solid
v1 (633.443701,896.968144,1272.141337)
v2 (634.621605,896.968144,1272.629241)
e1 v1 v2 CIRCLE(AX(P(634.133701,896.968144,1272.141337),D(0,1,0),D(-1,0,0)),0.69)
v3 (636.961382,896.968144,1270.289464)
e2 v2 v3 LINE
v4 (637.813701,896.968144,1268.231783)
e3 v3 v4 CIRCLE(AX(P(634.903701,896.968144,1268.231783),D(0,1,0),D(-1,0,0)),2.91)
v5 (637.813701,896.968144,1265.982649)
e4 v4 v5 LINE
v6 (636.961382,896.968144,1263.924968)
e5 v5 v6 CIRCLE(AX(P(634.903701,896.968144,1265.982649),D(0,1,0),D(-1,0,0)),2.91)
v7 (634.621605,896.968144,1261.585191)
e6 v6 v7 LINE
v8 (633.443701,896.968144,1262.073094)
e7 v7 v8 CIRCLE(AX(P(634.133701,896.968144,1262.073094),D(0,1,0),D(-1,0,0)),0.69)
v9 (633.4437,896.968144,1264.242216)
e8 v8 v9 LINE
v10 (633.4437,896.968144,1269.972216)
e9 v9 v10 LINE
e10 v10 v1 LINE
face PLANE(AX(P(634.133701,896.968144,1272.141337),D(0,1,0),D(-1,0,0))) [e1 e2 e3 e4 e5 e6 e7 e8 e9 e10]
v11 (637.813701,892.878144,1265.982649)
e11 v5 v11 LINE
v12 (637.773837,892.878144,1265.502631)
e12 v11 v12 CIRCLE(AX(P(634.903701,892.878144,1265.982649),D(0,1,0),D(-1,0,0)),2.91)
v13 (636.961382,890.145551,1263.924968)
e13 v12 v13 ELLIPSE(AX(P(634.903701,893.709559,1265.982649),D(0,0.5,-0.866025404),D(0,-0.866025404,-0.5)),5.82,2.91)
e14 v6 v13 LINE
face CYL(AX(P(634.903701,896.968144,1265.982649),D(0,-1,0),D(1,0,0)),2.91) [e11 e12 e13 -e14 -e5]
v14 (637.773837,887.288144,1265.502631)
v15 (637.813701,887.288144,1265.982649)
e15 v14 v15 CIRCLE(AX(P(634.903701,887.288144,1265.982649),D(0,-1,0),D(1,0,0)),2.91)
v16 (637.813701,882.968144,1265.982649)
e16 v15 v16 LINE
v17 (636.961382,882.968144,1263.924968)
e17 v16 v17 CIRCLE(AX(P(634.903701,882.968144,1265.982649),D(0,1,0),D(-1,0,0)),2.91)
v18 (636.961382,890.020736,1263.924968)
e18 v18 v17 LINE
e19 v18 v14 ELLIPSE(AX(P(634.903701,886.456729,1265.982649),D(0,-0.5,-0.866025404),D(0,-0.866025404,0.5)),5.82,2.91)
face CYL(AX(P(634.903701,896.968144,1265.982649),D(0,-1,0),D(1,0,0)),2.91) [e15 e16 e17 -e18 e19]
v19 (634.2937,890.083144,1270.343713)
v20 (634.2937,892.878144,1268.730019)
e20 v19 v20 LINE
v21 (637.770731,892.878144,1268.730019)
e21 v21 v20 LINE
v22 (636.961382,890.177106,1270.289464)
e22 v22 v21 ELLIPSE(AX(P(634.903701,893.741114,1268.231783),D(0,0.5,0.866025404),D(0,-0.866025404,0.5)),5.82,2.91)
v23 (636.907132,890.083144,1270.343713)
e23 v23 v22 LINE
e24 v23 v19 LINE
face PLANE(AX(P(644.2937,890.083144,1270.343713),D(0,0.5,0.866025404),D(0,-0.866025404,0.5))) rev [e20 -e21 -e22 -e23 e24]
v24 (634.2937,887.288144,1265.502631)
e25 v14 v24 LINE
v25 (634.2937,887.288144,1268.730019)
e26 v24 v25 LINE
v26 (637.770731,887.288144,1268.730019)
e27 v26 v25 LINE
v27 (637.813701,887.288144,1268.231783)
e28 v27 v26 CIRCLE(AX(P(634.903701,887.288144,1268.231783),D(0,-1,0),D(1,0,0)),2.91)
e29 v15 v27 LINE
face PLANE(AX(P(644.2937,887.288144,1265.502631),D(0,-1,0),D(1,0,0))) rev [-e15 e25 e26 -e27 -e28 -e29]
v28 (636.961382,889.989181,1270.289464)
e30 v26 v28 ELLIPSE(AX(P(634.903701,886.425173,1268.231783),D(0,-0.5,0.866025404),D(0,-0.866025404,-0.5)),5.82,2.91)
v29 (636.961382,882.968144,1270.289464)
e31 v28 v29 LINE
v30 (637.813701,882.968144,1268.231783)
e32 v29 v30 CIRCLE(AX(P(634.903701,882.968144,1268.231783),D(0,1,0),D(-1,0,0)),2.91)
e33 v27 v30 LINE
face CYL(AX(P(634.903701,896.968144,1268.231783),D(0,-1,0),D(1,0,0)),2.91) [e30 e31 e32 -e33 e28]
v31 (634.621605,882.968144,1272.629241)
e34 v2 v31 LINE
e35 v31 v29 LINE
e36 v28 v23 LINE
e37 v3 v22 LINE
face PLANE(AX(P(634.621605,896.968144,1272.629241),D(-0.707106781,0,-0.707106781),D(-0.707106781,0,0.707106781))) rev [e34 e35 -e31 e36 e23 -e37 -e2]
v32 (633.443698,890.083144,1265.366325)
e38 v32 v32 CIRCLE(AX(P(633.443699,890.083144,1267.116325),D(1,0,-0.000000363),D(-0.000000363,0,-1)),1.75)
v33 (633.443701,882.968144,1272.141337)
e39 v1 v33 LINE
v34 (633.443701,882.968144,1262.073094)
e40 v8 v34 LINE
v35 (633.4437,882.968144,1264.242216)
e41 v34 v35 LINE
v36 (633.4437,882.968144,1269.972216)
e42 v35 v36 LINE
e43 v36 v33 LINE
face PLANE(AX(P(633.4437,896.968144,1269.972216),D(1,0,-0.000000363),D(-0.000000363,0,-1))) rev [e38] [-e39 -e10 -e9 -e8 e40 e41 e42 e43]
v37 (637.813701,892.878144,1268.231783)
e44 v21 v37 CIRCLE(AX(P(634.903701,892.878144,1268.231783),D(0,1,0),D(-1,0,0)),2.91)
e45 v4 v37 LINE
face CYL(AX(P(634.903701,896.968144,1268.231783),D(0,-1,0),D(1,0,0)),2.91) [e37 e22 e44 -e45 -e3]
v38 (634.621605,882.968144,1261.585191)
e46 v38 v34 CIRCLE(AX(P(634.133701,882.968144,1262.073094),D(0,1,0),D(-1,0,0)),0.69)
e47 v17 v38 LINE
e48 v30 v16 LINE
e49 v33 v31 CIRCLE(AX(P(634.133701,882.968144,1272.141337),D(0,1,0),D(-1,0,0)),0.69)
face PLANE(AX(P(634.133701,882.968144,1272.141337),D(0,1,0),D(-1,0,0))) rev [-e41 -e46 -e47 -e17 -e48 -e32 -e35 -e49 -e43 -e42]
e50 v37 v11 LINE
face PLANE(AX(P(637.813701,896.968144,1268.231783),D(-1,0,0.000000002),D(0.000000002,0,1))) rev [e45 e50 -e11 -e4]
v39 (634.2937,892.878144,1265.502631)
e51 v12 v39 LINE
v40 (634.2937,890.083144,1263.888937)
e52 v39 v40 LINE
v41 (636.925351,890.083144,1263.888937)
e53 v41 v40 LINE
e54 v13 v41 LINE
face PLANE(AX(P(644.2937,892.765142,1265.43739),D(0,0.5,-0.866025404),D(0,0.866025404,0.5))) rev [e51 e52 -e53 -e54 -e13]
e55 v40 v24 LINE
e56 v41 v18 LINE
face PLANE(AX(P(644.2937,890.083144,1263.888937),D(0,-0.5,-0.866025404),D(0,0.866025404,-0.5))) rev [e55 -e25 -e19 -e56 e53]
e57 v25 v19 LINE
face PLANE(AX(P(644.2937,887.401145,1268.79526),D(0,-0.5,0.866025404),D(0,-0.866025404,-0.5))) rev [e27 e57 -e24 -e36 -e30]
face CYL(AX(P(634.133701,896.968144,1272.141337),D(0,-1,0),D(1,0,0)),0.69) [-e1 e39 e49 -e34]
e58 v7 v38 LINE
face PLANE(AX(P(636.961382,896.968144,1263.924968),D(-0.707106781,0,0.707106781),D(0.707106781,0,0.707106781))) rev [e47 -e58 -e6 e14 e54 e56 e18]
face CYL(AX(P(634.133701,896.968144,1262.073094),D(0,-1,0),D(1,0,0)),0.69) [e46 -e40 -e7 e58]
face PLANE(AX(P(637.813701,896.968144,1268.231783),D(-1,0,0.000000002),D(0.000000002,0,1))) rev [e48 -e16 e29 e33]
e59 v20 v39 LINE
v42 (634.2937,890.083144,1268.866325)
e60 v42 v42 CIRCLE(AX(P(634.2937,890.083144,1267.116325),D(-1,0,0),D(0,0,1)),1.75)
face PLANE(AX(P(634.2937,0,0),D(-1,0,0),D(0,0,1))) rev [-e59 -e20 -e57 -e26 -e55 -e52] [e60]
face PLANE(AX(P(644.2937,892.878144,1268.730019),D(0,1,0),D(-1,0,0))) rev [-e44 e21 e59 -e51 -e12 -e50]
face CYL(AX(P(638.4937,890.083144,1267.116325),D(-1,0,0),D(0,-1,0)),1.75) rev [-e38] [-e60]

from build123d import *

# Parameters (mm, degrees)
BOSS_EXTRUDE1_START = 2.6
BOSS_EXTRUDE1_DEPTH = 7
CUT_EXTRUDE1_START  = -0.8
CUT_EXTRUDE1_DEPTH  = 10
SKETCH3_R           = 1.75
CUT_EXTRUDE2_DEPTH  = 5


with BuildPart() as part:
    # Sketch1 → Boss-Extrude1 (new, symmetric)
    with BuildSketch(Plane(origin=(0, 887.368143731, 0), x_dir=(1, 0, 0), z_dir=(0, 1, 0)).offset(BOSS_EXTRUDE1_START)):
        with BuildLine():
            Line((633.443700104, -1269.972215541), (633.443700891, -1272.141337124))
            ThreePointArc((633.443700891, -1272.141337124), (633.869649439, -1272.778813799), (634.62160457, -1272.629240553))
            Line((634.62160457, -1272.629240553), (636.9613816, -1270.289463523))
            ThreePointArc((636.9613816, -1270.289463523), (637.592190307, -1269.345391575), (637.813700867, -1268.231782784))
            Line((637.813700867, -1268.231782784), (637.813700862, -1265.982648565))
            ThreePointArc((637.813700862, -1265.982648565), (637.5921903, -1264.86903978), (636.961381595, -1263.924967838))
            Line((636.961381595, -1263.924967838), (634.621604564, -1261.585190807))
            ThreePointArc((634.621604564, -1261.585190807), (633.869649432, -1261.435617561), (633.443700885, -1262.073094238))
            Line((633.443700885, -1262.073094238), (633.443700104, -1264.242215823))
            Line((633.443700104, -1264.242215823), (633.443700104, -1269.972215541))
        make_face()
    extrude(amount=BOSS_EXTRUDE1_DEPTH, both=True)

    # Sketch2 → Cut-Extrude1 (cut)
    with BuildSketch(Plane.ZY.offset(-633.493700104).offset(CUT_EXTRUDE1_START)):
        Polygon((1268.73001891, 887.288143731), (1268.795260282, 887.4011451), (1270.343712913, 890.083143731), (1268.73001891, 892.878143731), (1265.502630906, 892.878143731), (1265.437389534, 892.765142361), (1263.888936903, 890.083143731), (1265.502630906, 887.288143731), align=None)
    extrude(amount=-CUT_EXTRUDE1_DEPTH, mode=Mode.SUBTRACT)

    # Sketch3 → Cut-Extrude2 (cut, symmetric)
    with BuildSketch(Plane.ZY.offset(-633.493700104)):
        with Locations((1267.116324916, 890.083143731)):
            Circle(SKETCH3_R)
    extrude(amount=CUT_EXTRUDE2_DEPTH, both=True, mode=Mode.SUBTRACT)


solid = part.part
